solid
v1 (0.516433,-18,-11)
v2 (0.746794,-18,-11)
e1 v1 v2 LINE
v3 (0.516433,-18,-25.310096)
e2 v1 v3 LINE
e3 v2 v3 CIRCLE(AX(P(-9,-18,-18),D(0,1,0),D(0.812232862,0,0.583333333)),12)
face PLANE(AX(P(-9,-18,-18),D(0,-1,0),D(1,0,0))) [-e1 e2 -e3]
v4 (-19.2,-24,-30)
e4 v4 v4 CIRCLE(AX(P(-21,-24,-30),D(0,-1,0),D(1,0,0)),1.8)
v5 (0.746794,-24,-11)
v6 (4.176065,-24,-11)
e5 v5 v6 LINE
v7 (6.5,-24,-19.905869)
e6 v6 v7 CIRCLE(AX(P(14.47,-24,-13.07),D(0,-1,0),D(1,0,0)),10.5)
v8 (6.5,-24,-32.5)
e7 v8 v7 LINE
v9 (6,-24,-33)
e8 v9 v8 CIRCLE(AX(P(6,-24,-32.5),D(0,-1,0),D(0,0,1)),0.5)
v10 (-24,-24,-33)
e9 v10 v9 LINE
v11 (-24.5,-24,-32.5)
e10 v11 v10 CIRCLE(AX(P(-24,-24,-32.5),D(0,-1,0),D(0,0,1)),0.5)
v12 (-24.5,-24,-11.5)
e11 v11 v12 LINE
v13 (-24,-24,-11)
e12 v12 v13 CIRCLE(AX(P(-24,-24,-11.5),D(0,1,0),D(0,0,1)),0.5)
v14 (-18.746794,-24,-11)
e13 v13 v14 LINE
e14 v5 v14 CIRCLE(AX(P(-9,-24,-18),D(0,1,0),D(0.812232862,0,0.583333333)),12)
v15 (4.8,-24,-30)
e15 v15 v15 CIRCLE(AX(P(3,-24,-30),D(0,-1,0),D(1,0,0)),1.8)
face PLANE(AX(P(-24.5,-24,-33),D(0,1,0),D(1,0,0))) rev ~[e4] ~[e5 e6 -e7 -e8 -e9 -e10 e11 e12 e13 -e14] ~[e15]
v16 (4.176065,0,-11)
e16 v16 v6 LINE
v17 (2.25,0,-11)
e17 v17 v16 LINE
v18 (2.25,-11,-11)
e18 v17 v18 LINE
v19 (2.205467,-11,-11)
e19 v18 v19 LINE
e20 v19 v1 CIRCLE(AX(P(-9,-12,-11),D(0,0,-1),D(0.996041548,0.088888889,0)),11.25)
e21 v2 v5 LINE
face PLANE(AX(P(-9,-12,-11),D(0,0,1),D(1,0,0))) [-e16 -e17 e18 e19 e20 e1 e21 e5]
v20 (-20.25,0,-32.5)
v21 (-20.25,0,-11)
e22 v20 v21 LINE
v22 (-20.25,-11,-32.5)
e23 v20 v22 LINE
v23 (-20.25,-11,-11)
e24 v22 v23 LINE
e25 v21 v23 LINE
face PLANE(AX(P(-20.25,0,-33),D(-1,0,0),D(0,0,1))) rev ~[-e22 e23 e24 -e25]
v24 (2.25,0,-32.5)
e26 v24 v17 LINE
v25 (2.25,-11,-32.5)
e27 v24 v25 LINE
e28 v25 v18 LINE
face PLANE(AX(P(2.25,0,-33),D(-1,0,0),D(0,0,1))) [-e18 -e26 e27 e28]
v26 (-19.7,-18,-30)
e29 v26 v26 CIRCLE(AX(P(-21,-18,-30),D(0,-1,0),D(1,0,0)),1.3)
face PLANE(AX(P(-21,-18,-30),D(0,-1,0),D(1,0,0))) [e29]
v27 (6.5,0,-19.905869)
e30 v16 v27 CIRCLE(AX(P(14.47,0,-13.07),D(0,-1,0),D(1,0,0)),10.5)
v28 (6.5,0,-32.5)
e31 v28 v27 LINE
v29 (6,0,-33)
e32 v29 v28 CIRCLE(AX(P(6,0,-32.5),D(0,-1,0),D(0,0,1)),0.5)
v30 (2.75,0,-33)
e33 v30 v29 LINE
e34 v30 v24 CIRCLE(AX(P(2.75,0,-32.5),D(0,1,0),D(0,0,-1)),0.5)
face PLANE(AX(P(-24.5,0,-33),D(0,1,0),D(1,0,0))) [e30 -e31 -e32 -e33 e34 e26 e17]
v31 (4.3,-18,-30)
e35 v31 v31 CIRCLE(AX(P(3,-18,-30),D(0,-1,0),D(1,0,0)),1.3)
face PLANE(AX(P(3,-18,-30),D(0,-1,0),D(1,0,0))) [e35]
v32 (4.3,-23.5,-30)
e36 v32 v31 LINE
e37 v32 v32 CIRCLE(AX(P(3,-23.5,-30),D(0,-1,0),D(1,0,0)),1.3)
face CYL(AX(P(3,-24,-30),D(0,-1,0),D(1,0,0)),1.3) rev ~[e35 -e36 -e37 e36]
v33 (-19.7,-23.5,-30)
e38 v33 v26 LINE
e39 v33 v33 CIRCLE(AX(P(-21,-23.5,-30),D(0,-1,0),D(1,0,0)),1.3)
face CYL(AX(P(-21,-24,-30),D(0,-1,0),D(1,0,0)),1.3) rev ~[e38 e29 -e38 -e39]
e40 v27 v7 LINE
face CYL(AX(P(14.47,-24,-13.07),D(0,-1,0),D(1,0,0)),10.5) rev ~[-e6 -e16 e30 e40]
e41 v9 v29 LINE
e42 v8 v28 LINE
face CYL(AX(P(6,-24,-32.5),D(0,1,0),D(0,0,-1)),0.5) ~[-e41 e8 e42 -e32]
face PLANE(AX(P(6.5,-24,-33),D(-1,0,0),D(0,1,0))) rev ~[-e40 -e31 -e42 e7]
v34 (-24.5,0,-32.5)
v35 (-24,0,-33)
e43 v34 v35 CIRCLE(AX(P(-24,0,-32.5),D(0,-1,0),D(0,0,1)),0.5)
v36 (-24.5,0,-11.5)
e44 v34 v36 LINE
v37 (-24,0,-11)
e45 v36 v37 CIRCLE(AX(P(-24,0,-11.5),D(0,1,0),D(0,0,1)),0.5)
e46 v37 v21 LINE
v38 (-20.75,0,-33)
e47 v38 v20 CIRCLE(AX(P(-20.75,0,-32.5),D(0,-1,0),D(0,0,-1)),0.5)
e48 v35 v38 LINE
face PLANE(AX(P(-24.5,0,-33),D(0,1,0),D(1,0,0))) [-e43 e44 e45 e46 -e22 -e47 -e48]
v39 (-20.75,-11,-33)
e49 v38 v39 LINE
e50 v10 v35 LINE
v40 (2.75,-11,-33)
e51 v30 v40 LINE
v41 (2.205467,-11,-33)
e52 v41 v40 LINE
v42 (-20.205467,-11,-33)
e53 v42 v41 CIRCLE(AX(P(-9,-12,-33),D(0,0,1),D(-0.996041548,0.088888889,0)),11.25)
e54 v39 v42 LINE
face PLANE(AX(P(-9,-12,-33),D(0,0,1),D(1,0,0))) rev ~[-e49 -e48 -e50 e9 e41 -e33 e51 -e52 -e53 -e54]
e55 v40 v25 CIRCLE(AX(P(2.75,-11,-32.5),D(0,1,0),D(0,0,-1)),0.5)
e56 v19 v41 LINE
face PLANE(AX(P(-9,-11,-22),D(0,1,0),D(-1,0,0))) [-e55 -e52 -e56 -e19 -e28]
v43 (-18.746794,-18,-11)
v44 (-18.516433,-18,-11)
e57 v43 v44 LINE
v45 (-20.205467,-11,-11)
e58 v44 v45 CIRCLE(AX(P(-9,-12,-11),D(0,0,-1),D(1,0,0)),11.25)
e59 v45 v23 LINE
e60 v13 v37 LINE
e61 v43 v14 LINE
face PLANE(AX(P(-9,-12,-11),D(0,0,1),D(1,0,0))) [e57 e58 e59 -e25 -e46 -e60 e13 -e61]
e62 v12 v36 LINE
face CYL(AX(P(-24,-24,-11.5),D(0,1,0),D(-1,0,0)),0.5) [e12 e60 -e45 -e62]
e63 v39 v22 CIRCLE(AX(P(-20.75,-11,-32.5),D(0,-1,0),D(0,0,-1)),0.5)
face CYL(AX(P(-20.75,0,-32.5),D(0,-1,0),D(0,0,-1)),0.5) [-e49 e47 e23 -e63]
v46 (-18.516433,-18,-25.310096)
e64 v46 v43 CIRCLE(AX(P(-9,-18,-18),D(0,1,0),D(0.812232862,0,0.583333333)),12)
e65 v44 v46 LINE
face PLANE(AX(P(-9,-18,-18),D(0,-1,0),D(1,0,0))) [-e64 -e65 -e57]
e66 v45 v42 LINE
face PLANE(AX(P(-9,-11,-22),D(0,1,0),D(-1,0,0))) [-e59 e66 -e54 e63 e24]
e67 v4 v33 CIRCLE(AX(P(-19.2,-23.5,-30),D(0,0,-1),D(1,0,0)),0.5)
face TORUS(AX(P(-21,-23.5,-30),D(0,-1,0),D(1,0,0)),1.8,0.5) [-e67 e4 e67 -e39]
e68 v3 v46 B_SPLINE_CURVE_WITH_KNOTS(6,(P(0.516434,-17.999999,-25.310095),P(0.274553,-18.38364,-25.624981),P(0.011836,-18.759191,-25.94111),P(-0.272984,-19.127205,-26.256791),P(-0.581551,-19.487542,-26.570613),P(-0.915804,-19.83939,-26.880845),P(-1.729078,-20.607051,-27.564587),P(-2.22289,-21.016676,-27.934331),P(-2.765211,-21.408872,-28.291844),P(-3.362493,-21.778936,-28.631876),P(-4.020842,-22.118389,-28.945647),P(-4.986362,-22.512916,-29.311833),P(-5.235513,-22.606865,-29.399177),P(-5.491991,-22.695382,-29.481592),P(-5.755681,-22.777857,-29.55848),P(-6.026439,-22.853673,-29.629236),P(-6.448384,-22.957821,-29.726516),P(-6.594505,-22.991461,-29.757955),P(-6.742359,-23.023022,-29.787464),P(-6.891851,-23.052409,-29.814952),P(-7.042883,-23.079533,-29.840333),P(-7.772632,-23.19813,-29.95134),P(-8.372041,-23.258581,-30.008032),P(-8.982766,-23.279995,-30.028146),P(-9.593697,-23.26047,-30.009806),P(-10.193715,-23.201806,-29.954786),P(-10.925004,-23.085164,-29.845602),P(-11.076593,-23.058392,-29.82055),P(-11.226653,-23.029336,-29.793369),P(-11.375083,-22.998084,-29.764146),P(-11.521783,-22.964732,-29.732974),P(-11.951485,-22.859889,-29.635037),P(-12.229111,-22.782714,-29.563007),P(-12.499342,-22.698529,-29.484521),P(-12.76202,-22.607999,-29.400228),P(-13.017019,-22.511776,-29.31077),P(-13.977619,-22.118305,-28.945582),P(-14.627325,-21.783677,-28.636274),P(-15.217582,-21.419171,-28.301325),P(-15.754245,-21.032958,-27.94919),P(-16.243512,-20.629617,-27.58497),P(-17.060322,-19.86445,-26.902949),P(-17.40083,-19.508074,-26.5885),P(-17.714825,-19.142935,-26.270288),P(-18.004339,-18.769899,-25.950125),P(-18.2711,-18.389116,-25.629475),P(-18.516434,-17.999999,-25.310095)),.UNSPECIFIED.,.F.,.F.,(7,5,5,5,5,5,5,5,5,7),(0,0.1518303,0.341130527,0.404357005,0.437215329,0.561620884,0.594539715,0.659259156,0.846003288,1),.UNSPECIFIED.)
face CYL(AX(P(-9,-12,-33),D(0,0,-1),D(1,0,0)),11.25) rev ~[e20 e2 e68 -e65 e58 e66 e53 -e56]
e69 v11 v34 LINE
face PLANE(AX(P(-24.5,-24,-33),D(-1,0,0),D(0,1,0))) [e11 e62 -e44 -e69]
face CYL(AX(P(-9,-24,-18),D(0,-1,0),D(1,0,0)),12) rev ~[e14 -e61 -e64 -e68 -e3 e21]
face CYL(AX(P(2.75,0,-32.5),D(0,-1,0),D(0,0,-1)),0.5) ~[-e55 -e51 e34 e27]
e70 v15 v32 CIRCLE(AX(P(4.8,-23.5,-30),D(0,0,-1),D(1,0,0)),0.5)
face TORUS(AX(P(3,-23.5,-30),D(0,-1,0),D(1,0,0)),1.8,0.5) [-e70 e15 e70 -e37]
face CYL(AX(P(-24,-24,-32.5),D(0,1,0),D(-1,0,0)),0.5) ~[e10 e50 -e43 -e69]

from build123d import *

# Parameters (mm, degrees)
SKETCH_W        = 31
SKETCH_H        = 24
PAD_DEPTH       = 22
SKETCH001_R     = 12
SKETCH001_R_2   = 1.3
POCKET_DEPTH    = 6
SKETCH002_R     = 11.25
POCKET001_DEPTH = 22.001
SKETCH003_W     = 22.5
SKETCH003_H     = 22
POCKET002_DEPTH = 11
SKETCH004_R     = 10.5
POCKET003_DEPTH = 24.001
FILLET017_R     = 0.5


with BuildPart() as part:
    # Sketch → Pad (new body)
    with BuildSketch(Plane.XY):
        Rectangle(SKETCH_W, SKETCH_H)
    extrude(amount=PAD_DEPTH)

    # Sketch001 (on Face3 of Pad) → Pocket (cut)
    with BuildSketch(Plane.XZ.offset(12)):
        with Locations((0, 15)):
            Circle(SKETCH001_R)
        with Locations((-12, 3)):
            Circle(SKETCH001_R_2)
        with Locations((12, 3)):
            Circle(SKETCH001_R_2)
        with Locations((12, 27)):
            Circle(SKETCH001_R_2)
        with Locations((-12, 27)):
            Circle(SKETCH001_R_2)
    extrude(amount=-POCKET_DEPTH, mode=Mode.SUBTRACT)

    # Sketch002 (on Face4 of Pocket) → Pocket001 (cut, through all)
    with BuildSketch(Plane(origin=(0, 0, 0), x_dir=(1, 0, 0), z_dir=(0, 0, -1))):
        Circle(SKETCH002_R)
    extrude(amount=-POCKET001_DEPTH, mode=Mode.SUBTRACT)

    # Sketch003 (on Face1 of Pocket001) → Pocket002 (cut)
    with BuildSketch(Plane(origin=(0, 12, 0), x_dir=(-1, 0, 0), z_dir=(0, 1, 0))):
        with Locations((0, 11)):
            Rectangle(SKETCH003_W, SKETCH003_H)
    extrude(amount=-POCKET002_DEPTH, mode=Mode.SUBTRACT)

    # Sketch004 (on Face6 of Pocket002) → Pocket003 (cut, through all)
    with BuildSketch(Plane.XZ.offset(12)):
        with Locations((23.47, 19.93)):
            Circle(SKETCH004_R)
    extrude(amount=-POCKET003_DEPTH, mode=Mode.SUBTRACT)

    # Fillet017
    fillet017_edges = [part.edges().sort_by_distance(p)[0] for p in [
        (-13.3, -12, 3),
        (10.7, -12, 3),
        (-15.5, 0, 0),
        (-15.5, 0, 22),
        (15.5, 0, 0),
        (11.25, 6.5, 0),
        (-11.25, 6.5, 0),
    ]]
    fillet(fillet017_edges, radius=FILLET017_R)


with BuildPart() as part_1:
    # Body placement: moved
    add(part.part.moved(Location((-9, -12, -33))))


solid = part_1.part
